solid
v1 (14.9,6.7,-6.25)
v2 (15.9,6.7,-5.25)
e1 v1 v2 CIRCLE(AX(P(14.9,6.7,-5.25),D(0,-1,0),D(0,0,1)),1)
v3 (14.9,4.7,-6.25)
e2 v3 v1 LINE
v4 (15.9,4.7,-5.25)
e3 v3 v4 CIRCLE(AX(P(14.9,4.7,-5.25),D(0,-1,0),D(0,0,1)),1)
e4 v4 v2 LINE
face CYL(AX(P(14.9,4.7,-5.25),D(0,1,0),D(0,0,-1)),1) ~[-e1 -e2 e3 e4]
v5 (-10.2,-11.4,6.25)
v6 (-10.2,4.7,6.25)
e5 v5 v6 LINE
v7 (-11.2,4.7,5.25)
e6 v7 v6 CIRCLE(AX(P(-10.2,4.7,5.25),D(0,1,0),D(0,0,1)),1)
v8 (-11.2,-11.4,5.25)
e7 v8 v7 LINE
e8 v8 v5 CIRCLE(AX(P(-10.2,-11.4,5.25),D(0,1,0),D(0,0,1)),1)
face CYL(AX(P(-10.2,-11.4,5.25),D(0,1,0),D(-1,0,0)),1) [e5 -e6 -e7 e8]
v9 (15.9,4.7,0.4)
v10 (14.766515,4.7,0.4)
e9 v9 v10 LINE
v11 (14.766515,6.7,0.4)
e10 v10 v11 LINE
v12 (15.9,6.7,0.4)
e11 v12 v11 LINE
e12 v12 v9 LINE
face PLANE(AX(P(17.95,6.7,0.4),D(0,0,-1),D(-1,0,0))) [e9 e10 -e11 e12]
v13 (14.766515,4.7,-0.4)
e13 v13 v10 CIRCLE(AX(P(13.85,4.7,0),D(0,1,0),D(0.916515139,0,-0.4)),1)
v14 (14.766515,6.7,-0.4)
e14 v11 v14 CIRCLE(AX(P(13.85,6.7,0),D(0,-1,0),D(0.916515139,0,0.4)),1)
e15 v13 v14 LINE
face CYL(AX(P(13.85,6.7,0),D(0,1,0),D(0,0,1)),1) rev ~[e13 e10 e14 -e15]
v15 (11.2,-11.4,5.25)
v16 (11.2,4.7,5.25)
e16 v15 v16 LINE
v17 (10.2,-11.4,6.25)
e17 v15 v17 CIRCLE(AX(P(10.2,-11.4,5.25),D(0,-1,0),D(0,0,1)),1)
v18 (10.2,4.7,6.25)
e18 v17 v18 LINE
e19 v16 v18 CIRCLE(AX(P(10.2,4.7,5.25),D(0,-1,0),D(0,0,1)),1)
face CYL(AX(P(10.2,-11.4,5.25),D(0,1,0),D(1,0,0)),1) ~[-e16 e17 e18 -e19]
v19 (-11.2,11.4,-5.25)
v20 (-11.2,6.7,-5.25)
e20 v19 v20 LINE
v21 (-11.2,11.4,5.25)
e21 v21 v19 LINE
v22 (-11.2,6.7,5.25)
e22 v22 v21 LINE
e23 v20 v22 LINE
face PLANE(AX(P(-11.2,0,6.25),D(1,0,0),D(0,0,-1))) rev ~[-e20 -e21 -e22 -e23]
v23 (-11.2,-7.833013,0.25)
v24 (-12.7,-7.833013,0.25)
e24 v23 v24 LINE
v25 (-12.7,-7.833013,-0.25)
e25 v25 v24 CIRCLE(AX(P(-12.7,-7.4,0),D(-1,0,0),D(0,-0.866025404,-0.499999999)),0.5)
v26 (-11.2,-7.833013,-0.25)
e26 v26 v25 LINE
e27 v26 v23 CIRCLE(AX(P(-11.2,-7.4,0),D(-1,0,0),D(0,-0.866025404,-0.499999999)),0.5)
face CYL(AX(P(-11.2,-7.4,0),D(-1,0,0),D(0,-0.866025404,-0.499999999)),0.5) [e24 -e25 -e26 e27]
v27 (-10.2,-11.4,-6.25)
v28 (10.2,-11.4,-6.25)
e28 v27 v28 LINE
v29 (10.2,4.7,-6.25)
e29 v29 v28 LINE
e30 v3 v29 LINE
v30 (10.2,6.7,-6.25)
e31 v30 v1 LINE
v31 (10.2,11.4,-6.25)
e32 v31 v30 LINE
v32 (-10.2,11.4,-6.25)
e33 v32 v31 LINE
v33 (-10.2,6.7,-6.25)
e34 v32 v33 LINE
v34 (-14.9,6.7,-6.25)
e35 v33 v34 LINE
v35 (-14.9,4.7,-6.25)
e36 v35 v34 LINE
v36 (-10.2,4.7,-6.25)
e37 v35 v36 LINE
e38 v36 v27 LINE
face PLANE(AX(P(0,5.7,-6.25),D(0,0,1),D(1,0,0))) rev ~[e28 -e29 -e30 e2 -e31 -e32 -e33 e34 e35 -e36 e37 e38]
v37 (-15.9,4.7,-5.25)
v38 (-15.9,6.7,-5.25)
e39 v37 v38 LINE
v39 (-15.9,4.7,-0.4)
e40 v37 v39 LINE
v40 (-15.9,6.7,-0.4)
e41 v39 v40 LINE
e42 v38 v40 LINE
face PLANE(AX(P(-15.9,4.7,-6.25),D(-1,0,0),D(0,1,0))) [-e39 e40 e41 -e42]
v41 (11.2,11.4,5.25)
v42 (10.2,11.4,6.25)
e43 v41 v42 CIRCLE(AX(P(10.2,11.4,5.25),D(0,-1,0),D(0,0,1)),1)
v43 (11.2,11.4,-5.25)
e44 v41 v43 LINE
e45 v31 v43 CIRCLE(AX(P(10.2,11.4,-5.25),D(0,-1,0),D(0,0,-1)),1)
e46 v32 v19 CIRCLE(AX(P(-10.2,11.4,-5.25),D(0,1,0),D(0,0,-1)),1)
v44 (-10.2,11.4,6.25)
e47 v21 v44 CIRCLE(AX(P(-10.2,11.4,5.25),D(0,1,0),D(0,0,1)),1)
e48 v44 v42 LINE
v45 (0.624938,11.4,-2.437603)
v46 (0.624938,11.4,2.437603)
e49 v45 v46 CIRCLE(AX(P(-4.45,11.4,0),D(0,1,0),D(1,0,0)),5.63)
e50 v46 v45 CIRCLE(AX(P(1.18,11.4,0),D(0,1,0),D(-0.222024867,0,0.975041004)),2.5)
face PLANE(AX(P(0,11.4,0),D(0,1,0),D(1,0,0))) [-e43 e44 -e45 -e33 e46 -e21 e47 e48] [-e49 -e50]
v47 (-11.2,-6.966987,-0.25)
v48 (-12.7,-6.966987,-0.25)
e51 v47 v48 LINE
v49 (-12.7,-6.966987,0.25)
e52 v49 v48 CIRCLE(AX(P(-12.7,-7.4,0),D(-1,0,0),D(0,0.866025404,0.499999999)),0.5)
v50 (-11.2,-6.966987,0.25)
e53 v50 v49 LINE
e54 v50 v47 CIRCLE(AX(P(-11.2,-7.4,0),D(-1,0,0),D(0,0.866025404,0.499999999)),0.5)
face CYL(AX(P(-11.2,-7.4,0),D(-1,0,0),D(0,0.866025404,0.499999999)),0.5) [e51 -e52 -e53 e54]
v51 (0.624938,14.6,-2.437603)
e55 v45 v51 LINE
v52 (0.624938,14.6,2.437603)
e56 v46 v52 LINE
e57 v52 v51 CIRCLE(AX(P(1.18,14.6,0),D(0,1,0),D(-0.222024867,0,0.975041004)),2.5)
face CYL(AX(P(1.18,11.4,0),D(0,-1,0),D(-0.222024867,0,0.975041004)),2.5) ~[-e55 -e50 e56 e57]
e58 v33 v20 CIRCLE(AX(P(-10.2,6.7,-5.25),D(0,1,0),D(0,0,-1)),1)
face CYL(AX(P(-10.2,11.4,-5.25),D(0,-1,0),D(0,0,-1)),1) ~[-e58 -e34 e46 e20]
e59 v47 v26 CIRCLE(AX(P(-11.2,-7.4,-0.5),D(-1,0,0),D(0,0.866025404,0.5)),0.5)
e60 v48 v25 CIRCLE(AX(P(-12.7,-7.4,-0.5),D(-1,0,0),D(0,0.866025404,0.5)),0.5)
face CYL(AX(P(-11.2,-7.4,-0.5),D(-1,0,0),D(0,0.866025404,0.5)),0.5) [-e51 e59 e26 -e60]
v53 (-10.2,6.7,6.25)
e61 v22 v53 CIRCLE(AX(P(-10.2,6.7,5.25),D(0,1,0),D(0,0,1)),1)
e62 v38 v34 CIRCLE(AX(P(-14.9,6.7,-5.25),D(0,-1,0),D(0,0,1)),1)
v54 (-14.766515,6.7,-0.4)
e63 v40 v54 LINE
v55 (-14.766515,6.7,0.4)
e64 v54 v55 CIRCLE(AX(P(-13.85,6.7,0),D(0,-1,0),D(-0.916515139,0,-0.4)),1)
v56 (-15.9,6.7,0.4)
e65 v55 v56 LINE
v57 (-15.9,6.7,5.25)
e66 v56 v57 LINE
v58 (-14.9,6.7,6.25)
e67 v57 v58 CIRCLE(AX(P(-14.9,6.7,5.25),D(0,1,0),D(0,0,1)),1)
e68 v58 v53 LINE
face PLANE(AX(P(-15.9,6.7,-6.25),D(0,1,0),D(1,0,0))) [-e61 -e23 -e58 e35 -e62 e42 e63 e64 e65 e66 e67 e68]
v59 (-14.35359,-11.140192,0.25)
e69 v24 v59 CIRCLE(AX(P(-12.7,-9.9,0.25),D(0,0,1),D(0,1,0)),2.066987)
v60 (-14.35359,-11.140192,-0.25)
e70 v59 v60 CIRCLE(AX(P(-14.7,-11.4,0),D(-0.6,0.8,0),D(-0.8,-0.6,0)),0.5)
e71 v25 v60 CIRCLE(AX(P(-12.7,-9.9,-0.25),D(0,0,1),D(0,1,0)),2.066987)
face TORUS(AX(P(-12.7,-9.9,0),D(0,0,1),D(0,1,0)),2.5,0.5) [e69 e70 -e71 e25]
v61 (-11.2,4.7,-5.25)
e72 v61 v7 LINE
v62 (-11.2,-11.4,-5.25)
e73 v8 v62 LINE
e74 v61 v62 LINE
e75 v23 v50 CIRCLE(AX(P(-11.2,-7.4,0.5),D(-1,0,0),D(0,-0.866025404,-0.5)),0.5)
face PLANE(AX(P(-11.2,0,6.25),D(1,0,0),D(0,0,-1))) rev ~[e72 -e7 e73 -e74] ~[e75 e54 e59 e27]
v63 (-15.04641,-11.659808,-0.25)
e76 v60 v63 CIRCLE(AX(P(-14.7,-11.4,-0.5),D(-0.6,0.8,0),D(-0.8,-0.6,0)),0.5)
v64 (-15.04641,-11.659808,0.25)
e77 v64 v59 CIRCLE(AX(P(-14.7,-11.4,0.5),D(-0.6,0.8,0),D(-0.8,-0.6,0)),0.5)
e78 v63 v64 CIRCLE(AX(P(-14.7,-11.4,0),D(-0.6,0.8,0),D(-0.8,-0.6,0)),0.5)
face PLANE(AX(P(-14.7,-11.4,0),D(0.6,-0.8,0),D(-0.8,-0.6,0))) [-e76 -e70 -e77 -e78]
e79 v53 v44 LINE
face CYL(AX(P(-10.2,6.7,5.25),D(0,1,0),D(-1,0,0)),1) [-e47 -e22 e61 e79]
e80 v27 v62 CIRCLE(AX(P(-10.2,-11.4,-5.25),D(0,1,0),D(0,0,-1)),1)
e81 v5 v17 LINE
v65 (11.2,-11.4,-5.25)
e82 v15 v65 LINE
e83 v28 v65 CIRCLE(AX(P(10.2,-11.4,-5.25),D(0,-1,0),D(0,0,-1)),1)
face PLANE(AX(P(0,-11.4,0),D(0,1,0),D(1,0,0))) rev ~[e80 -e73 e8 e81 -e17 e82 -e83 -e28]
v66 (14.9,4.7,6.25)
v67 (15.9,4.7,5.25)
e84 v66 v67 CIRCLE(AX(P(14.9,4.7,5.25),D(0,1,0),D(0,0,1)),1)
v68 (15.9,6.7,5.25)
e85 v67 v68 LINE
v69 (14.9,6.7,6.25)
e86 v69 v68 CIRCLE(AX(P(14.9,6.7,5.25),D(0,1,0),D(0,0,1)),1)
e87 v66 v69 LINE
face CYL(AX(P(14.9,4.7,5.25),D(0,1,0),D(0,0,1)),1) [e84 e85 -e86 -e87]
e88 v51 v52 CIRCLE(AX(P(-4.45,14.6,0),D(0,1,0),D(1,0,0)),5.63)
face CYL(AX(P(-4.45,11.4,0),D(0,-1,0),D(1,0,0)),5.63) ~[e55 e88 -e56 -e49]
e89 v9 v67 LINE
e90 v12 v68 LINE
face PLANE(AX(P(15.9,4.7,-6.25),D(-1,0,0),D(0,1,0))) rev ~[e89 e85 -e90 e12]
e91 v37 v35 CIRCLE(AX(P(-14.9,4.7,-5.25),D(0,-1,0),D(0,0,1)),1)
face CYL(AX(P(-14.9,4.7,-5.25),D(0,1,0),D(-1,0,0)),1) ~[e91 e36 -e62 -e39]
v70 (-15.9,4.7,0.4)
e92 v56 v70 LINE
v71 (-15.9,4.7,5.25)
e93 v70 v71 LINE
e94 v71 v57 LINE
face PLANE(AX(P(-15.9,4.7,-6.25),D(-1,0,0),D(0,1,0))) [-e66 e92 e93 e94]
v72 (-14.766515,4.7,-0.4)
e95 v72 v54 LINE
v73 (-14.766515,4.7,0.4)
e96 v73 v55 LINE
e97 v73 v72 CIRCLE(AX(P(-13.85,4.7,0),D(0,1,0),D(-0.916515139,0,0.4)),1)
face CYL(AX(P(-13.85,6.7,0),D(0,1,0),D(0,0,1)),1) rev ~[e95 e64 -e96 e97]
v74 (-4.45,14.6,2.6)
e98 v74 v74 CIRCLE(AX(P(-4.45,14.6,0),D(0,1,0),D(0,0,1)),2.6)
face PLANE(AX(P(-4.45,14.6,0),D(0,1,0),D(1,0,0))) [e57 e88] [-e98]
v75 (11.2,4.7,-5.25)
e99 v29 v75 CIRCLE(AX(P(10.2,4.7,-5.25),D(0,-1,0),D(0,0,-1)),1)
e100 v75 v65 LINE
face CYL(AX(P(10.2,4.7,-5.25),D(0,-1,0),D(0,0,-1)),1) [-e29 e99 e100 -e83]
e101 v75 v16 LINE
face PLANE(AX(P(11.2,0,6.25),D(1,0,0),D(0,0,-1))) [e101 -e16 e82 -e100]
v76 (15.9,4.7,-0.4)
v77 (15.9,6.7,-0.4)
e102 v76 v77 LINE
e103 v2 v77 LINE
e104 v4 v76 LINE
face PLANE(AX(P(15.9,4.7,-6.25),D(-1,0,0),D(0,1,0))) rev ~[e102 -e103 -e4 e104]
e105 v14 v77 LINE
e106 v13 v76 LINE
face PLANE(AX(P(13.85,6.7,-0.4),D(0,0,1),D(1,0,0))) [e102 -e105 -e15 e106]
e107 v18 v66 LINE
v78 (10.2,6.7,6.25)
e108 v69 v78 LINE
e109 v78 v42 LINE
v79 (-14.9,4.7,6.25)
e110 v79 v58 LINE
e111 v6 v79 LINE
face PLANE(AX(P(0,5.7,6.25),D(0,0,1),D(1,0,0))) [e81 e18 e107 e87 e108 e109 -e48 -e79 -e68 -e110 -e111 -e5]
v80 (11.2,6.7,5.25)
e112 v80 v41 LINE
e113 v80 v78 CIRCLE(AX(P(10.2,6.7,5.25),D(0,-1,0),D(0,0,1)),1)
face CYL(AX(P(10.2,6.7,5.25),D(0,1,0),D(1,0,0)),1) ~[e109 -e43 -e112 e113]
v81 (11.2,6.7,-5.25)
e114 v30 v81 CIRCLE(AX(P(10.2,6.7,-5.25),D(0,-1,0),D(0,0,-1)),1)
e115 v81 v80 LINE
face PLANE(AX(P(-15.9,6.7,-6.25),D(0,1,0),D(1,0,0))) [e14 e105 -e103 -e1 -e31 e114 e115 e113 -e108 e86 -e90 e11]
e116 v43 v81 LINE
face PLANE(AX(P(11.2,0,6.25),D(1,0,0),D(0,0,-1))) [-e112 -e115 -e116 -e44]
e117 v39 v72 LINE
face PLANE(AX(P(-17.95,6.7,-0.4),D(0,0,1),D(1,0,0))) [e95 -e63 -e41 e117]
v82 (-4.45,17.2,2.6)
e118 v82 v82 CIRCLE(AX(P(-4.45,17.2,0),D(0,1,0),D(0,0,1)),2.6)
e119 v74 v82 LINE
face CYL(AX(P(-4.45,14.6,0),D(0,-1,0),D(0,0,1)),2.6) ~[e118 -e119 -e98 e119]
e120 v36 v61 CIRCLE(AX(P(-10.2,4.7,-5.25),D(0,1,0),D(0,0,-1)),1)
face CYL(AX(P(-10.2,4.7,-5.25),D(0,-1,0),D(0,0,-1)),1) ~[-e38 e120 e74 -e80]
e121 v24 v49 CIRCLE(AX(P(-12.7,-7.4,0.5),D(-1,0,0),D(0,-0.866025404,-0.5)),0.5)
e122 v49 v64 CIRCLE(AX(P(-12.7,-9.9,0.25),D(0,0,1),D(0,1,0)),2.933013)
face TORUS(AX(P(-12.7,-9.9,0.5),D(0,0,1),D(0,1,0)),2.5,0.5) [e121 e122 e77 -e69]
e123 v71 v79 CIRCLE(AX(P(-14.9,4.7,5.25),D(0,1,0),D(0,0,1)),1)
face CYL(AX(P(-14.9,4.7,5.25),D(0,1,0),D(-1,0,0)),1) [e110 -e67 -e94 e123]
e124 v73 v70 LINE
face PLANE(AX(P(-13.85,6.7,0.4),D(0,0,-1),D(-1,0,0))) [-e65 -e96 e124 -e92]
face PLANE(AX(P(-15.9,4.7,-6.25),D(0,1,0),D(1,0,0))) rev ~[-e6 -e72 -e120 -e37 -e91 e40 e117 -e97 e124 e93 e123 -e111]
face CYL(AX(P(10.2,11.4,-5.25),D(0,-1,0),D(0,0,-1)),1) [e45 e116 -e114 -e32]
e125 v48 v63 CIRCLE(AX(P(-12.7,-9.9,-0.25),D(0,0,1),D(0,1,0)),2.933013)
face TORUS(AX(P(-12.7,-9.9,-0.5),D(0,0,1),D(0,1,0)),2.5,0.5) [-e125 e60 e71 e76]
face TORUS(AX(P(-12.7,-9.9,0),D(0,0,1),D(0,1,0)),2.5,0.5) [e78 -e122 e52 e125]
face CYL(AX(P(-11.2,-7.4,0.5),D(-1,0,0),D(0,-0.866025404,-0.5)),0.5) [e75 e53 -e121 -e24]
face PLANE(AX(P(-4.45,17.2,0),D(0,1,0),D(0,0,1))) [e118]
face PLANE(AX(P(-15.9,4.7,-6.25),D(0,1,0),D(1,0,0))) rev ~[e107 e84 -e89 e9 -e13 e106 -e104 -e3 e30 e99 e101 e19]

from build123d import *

# Parameters (mm, degrees)
SKETCH1_W                = 22.4
SKETCH1_H                = 12.5
BOSS_EXTRUDE1_DEPTH      = 11.4
SKETCH2_R                = 5.63
SKETCH2_R_2              = 2.5
BOSS_EXTRUDE2_DEPTH      = 3.2
BOSS_EXTRUDE3_DEPTH      = 6.25
BOSS_EXTRUDE3_DEPTH_BACK = 6.25
SKETCH3_W                = 31.8
SKETCH3_H                = 2
SKETCH4_R                = 1
CUT_EXTRUDE1_DEPTH       = 25.889405377
CUT_EXTRUDE2_DEPTH       = 25.889405377
SKETCH6_R                = 2.6
BOSS_EXTRUDE4_DEPTH      = 2.6
FILLET1_R                = 1


with BuildPart() as part:
    # Sketch1 → Boss-Extrude1 (new, symmetric)
    with BuildSketch(Plane(origin=(0, 0, 0), x_dir=(1, 0, 0), z_dir=(0, 1, 0))):
        Rectangle(SKETCH1_W, SKETCH1_H)
    extrude(amount=BOSS_EXTRUDE1_DEPTH, both=True)

    # Sketch2 → Boss-Extrude2 (add)
    with BuildSketch(Plane(origin=(0, 11.4, 0), x_dir=(1, 0, 0), z_dir=(0, 1, 0))):
        with Locations((-4.45, 0)):
            Circle(SKETCH2_R)
        with Locations((1.18, 0)):
            Circle(SKETCH2_R_2)
    extrude(amount=BOSS_EXTRUDE2_DEPTH)

    # Sketch3 → Boss-Extrude3 (add, two sides: drawn at the far end of the back side and taken through both)
    with BuildSketch(Plane.XY.offset(-BOSS_EXTRUDE3_DEPTH_BACK)):
        with Locations((0, 5.7)):
            Rectangle(SKETCH3_W, SKETCH3_H)
    extrude(amount=BOSS_EXTRUDE3_DEPTH + BOSS_EXTRUDE3_DEPTH_BACK)

    # Sketch4 → Cut-Extrude1 (cut, through all)
    with BuildSketch(Plane(origin=(0, 6.7, 0), x_dir=(1, 0, 0), z_dir=(0, 1, 0))):
        with Locations(Location((-13.85, 0, 0), (0, 0, 270))):
            Circle(SKETCH4_R)
        with Locations(Location((13.85, 0, 0), (0, 0, 270))):
            Circle(SKETCH4_R)
    extrude(amount=-CUT_EXTRUDE1_DEPTH, mode=Mode.SUBTRACT)

    # Sketch5 → Cut-Extrude2 (cut, through all)
    with BuildSketch(Plane(origin=(0, 6.7, 0), x_dir=(1, 0, 0), z_dir=(0, 1, 0))):
        with BuildLine():
            Line((-17.95, 0.4), (-13.85, 0.4))
            ThreePointArc((-13.85, 0.4), (-13.45, 0), (-13.85, -0.4))
            Line((-13.85, -0.4), (-17.95, -0.4))
            ThreePointArc((-17.95, -0.4), (-18.35, 0), (-17.95, 0.4))
        make_face()
        with BuildLine():
            Line((17.95, -0.4), (13.85, -0.4))
            ThreePointArc((13.85, -0.4), (13.45, 0), (13.85, 0.4))
            Line((13.85, 0.4), (17.95, 0.4))
            ThreePointArc((17.95, 0.4), (18.35, 0), (17.95, -0.4))
        make_face()
    extrude(amount=-CUT_EXTRUDE2_DEPTH, mode=Mode.SUBTRACT)

    # Sketch6 → Boss-Extrude4 (add)
    with BuildSketch(Plane(origin=(0, 14.6, 0), x_dir=(1, 0, 0), z_dir=(0, 1, 0))):
        with Locations(Location((-4.45, 0, 0), (0, 0, 270))):
            Circle(SKETCH6_R)
    extrude(amount=BOSS_EXTRUDE4_DEPTH)

    # Fillet1
    fillet1_edges = [part.edges().sort_by_distance(p)[0] for p in [
        (11.2, -3.35, 6.25),
        (-11.2, -3.35, 6.25),
        (-11.2, -3.35, -6.25),
        (11.2, -3.35, -6.25),
        (15.9, 5.7, 6.25),
        (-15.9, 5.7, 6.25),
        (-15.9, 5.7, -6.25),
        (15.9, 5.7, -6.25),
        (11.2, 9.05, 6.25),
        (-11.2, 9.05, 6.25),
        (-11.2, 9.05, -6.25),
        (11.2, 9.05, -6.25),
    ]]
    fillet(fillet1_edges, radius=FILLET1_R)

    # Sweep1: sweep along a path in Sketch8
    with BuildLine(Plane.XY) as sweep1_path:
        Line((-11.2, -7.4), (-12.7, -7.4))
        ThreePointArc((-12.7, -7.4), (-14.936067977, -8.781966011), (-14.7, -11.4))
    # Sketch7 → Sweep1 (sweep)
    with BuildSketch(Plane.ZY.offset(11.2)):
        with BuildLine():
            ThreePointArc((0.25, -6.966987298), (0, -6.9), (-0.25, -6.966987298))
            ThreePointArc((-0.25, -6.966987298), (-1, -7.4), (-0.25, -7.833012702))
            ThreePointArc((-0.25, -7.833012702), (0, -7.9), (0.25, -7.833012702))
            ThreePointArc((0.25, -7.833012702), (1, -7.4), (0.25, -6.966987298))
        make_face()
    sweep(path=sweep1_path.line)


solid = part.part
